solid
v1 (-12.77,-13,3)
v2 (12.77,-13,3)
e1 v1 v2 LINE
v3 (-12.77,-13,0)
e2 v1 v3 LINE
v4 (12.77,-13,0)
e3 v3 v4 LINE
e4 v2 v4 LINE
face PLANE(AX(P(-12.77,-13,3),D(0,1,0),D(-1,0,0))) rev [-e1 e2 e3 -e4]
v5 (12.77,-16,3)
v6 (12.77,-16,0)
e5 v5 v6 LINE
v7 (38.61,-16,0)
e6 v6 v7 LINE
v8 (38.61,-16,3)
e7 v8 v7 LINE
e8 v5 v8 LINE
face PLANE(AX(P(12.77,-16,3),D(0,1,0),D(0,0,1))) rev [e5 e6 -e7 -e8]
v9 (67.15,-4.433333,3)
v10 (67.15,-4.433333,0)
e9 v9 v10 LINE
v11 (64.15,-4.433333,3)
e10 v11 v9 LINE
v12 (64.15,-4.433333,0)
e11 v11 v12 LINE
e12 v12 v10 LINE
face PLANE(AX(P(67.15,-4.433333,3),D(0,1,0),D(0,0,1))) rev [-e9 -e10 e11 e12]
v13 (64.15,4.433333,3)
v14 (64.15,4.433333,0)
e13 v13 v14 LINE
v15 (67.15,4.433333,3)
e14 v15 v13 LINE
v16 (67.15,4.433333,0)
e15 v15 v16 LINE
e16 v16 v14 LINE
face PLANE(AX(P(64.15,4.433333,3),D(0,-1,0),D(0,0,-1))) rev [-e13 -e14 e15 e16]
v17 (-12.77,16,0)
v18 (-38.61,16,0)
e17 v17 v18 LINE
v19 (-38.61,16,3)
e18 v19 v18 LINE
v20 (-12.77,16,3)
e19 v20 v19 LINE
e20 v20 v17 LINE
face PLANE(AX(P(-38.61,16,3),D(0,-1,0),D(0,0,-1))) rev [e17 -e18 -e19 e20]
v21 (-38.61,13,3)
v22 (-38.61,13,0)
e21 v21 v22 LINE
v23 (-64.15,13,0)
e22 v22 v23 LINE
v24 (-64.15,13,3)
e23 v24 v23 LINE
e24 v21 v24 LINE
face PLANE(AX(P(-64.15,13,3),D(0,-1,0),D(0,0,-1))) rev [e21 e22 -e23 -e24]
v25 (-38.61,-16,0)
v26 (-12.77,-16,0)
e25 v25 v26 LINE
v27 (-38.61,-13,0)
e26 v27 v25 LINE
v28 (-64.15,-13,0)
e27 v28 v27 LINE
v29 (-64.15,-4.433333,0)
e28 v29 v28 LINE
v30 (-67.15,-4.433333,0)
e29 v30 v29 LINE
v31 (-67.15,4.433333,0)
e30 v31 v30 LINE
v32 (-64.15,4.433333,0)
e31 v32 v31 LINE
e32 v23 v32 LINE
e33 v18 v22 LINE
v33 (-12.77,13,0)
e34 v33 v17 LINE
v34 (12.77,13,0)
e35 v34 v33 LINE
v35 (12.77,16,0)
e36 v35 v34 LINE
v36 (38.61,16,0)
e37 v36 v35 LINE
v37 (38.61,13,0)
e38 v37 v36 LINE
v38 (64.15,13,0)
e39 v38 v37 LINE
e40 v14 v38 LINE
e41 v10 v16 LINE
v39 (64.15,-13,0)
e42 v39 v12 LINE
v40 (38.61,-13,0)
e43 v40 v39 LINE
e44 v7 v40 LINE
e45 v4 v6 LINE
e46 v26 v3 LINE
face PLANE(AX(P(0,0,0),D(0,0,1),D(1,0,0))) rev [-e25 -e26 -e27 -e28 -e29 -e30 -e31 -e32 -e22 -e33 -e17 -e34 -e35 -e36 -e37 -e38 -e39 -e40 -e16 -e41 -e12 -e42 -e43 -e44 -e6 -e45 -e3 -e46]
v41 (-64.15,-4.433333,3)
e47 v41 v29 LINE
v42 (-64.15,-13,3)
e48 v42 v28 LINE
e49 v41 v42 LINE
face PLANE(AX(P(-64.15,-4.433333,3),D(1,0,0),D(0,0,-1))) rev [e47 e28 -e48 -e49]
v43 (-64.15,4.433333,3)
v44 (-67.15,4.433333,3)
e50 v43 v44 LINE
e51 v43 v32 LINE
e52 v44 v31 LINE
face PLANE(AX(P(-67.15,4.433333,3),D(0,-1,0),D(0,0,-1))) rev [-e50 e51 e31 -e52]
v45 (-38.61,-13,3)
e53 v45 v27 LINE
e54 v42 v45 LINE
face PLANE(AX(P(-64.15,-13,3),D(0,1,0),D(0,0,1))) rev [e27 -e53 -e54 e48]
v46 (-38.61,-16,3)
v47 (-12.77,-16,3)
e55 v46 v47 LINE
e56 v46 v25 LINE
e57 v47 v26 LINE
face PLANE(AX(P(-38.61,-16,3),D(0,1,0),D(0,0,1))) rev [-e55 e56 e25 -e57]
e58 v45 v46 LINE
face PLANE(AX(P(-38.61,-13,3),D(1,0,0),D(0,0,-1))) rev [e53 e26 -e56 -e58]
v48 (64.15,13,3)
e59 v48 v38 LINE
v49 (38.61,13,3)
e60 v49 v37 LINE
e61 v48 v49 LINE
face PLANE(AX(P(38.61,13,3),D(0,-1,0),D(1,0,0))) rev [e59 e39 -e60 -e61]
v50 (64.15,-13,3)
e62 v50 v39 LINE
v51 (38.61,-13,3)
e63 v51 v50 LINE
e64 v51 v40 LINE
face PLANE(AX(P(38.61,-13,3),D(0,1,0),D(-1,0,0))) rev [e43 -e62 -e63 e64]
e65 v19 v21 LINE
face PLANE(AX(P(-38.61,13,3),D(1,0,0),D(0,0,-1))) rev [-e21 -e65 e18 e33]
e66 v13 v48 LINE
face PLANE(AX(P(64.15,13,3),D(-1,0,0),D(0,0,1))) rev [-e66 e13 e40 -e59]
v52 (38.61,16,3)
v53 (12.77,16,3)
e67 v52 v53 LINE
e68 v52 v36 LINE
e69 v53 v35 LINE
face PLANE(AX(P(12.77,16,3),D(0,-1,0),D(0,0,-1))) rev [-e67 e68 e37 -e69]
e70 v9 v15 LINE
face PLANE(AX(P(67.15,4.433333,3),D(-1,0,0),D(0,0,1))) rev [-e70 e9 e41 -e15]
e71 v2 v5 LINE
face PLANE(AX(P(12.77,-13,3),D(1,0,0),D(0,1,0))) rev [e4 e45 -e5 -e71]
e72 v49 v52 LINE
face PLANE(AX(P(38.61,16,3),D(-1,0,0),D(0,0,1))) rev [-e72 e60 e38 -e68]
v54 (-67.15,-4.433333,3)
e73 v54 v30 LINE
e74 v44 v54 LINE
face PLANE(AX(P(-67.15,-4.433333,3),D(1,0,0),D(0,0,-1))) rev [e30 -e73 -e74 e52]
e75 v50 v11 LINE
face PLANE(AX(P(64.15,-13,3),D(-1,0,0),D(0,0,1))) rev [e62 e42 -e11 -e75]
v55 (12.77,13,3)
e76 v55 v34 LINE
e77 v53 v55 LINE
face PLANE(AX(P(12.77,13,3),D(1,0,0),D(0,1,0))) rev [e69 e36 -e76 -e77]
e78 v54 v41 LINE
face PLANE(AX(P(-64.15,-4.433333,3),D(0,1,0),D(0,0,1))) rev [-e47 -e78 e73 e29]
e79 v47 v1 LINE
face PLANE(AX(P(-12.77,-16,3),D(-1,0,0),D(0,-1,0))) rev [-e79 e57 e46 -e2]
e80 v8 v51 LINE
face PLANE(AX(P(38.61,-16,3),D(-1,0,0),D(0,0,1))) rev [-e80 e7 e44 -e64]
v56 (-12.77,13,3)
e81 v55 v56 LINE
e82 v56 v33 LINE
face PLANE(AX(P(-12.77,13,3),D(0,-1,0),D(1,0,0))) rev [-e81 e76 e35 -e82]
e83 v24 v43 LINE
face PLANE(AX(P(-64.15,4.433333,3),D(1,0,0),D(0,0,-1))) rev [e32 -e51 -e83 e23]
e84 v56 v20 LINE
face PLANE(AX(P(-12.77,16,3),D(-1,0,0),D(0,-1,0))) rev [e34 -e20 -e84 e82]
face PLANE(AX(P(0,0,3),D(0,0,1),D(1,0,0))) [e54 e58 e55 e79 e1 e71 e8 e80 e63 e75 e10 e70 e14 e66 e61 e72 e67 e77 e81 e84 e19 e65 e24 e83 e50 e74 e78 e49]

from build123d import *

# Parameters (mm, degrees)
BOSS_EXTRUDE1_DEPTH = 3


with BuildPart() as part:
    # Sketch1 → Boss-Extrude1 (new body)
    with BuildSketch(Plane.XY):
        Polygon((-64.15, -4.433333333), (-67.15, -4.433333333), (-67.15, 4.433333333), (-64.15, 4.433333333), (-64.15, 13), (-38.61, 13), (-38.61, 16), (-12.77, 16), (-12.77, 13), (12.77, 13), (12.77, 16), (38.61, 16), (38.61, 13), (64.15, 13), (64.15, 4.433333333), (67.15, 4.433333333), (67.15, -4.433333333), (64.15, -4.433333333), (64.15, -13), (38.61, -13), (38.61, -16), (12.77, -16), (12.77, -13), (-12.77, -13), (-12.77, -16), (-38.61, -16), (-38.61, -13), (-64.15, -13), align=None)
    extrude(amount=BOSS_EXTRUDE1_DEPTH)


solid = part.part
